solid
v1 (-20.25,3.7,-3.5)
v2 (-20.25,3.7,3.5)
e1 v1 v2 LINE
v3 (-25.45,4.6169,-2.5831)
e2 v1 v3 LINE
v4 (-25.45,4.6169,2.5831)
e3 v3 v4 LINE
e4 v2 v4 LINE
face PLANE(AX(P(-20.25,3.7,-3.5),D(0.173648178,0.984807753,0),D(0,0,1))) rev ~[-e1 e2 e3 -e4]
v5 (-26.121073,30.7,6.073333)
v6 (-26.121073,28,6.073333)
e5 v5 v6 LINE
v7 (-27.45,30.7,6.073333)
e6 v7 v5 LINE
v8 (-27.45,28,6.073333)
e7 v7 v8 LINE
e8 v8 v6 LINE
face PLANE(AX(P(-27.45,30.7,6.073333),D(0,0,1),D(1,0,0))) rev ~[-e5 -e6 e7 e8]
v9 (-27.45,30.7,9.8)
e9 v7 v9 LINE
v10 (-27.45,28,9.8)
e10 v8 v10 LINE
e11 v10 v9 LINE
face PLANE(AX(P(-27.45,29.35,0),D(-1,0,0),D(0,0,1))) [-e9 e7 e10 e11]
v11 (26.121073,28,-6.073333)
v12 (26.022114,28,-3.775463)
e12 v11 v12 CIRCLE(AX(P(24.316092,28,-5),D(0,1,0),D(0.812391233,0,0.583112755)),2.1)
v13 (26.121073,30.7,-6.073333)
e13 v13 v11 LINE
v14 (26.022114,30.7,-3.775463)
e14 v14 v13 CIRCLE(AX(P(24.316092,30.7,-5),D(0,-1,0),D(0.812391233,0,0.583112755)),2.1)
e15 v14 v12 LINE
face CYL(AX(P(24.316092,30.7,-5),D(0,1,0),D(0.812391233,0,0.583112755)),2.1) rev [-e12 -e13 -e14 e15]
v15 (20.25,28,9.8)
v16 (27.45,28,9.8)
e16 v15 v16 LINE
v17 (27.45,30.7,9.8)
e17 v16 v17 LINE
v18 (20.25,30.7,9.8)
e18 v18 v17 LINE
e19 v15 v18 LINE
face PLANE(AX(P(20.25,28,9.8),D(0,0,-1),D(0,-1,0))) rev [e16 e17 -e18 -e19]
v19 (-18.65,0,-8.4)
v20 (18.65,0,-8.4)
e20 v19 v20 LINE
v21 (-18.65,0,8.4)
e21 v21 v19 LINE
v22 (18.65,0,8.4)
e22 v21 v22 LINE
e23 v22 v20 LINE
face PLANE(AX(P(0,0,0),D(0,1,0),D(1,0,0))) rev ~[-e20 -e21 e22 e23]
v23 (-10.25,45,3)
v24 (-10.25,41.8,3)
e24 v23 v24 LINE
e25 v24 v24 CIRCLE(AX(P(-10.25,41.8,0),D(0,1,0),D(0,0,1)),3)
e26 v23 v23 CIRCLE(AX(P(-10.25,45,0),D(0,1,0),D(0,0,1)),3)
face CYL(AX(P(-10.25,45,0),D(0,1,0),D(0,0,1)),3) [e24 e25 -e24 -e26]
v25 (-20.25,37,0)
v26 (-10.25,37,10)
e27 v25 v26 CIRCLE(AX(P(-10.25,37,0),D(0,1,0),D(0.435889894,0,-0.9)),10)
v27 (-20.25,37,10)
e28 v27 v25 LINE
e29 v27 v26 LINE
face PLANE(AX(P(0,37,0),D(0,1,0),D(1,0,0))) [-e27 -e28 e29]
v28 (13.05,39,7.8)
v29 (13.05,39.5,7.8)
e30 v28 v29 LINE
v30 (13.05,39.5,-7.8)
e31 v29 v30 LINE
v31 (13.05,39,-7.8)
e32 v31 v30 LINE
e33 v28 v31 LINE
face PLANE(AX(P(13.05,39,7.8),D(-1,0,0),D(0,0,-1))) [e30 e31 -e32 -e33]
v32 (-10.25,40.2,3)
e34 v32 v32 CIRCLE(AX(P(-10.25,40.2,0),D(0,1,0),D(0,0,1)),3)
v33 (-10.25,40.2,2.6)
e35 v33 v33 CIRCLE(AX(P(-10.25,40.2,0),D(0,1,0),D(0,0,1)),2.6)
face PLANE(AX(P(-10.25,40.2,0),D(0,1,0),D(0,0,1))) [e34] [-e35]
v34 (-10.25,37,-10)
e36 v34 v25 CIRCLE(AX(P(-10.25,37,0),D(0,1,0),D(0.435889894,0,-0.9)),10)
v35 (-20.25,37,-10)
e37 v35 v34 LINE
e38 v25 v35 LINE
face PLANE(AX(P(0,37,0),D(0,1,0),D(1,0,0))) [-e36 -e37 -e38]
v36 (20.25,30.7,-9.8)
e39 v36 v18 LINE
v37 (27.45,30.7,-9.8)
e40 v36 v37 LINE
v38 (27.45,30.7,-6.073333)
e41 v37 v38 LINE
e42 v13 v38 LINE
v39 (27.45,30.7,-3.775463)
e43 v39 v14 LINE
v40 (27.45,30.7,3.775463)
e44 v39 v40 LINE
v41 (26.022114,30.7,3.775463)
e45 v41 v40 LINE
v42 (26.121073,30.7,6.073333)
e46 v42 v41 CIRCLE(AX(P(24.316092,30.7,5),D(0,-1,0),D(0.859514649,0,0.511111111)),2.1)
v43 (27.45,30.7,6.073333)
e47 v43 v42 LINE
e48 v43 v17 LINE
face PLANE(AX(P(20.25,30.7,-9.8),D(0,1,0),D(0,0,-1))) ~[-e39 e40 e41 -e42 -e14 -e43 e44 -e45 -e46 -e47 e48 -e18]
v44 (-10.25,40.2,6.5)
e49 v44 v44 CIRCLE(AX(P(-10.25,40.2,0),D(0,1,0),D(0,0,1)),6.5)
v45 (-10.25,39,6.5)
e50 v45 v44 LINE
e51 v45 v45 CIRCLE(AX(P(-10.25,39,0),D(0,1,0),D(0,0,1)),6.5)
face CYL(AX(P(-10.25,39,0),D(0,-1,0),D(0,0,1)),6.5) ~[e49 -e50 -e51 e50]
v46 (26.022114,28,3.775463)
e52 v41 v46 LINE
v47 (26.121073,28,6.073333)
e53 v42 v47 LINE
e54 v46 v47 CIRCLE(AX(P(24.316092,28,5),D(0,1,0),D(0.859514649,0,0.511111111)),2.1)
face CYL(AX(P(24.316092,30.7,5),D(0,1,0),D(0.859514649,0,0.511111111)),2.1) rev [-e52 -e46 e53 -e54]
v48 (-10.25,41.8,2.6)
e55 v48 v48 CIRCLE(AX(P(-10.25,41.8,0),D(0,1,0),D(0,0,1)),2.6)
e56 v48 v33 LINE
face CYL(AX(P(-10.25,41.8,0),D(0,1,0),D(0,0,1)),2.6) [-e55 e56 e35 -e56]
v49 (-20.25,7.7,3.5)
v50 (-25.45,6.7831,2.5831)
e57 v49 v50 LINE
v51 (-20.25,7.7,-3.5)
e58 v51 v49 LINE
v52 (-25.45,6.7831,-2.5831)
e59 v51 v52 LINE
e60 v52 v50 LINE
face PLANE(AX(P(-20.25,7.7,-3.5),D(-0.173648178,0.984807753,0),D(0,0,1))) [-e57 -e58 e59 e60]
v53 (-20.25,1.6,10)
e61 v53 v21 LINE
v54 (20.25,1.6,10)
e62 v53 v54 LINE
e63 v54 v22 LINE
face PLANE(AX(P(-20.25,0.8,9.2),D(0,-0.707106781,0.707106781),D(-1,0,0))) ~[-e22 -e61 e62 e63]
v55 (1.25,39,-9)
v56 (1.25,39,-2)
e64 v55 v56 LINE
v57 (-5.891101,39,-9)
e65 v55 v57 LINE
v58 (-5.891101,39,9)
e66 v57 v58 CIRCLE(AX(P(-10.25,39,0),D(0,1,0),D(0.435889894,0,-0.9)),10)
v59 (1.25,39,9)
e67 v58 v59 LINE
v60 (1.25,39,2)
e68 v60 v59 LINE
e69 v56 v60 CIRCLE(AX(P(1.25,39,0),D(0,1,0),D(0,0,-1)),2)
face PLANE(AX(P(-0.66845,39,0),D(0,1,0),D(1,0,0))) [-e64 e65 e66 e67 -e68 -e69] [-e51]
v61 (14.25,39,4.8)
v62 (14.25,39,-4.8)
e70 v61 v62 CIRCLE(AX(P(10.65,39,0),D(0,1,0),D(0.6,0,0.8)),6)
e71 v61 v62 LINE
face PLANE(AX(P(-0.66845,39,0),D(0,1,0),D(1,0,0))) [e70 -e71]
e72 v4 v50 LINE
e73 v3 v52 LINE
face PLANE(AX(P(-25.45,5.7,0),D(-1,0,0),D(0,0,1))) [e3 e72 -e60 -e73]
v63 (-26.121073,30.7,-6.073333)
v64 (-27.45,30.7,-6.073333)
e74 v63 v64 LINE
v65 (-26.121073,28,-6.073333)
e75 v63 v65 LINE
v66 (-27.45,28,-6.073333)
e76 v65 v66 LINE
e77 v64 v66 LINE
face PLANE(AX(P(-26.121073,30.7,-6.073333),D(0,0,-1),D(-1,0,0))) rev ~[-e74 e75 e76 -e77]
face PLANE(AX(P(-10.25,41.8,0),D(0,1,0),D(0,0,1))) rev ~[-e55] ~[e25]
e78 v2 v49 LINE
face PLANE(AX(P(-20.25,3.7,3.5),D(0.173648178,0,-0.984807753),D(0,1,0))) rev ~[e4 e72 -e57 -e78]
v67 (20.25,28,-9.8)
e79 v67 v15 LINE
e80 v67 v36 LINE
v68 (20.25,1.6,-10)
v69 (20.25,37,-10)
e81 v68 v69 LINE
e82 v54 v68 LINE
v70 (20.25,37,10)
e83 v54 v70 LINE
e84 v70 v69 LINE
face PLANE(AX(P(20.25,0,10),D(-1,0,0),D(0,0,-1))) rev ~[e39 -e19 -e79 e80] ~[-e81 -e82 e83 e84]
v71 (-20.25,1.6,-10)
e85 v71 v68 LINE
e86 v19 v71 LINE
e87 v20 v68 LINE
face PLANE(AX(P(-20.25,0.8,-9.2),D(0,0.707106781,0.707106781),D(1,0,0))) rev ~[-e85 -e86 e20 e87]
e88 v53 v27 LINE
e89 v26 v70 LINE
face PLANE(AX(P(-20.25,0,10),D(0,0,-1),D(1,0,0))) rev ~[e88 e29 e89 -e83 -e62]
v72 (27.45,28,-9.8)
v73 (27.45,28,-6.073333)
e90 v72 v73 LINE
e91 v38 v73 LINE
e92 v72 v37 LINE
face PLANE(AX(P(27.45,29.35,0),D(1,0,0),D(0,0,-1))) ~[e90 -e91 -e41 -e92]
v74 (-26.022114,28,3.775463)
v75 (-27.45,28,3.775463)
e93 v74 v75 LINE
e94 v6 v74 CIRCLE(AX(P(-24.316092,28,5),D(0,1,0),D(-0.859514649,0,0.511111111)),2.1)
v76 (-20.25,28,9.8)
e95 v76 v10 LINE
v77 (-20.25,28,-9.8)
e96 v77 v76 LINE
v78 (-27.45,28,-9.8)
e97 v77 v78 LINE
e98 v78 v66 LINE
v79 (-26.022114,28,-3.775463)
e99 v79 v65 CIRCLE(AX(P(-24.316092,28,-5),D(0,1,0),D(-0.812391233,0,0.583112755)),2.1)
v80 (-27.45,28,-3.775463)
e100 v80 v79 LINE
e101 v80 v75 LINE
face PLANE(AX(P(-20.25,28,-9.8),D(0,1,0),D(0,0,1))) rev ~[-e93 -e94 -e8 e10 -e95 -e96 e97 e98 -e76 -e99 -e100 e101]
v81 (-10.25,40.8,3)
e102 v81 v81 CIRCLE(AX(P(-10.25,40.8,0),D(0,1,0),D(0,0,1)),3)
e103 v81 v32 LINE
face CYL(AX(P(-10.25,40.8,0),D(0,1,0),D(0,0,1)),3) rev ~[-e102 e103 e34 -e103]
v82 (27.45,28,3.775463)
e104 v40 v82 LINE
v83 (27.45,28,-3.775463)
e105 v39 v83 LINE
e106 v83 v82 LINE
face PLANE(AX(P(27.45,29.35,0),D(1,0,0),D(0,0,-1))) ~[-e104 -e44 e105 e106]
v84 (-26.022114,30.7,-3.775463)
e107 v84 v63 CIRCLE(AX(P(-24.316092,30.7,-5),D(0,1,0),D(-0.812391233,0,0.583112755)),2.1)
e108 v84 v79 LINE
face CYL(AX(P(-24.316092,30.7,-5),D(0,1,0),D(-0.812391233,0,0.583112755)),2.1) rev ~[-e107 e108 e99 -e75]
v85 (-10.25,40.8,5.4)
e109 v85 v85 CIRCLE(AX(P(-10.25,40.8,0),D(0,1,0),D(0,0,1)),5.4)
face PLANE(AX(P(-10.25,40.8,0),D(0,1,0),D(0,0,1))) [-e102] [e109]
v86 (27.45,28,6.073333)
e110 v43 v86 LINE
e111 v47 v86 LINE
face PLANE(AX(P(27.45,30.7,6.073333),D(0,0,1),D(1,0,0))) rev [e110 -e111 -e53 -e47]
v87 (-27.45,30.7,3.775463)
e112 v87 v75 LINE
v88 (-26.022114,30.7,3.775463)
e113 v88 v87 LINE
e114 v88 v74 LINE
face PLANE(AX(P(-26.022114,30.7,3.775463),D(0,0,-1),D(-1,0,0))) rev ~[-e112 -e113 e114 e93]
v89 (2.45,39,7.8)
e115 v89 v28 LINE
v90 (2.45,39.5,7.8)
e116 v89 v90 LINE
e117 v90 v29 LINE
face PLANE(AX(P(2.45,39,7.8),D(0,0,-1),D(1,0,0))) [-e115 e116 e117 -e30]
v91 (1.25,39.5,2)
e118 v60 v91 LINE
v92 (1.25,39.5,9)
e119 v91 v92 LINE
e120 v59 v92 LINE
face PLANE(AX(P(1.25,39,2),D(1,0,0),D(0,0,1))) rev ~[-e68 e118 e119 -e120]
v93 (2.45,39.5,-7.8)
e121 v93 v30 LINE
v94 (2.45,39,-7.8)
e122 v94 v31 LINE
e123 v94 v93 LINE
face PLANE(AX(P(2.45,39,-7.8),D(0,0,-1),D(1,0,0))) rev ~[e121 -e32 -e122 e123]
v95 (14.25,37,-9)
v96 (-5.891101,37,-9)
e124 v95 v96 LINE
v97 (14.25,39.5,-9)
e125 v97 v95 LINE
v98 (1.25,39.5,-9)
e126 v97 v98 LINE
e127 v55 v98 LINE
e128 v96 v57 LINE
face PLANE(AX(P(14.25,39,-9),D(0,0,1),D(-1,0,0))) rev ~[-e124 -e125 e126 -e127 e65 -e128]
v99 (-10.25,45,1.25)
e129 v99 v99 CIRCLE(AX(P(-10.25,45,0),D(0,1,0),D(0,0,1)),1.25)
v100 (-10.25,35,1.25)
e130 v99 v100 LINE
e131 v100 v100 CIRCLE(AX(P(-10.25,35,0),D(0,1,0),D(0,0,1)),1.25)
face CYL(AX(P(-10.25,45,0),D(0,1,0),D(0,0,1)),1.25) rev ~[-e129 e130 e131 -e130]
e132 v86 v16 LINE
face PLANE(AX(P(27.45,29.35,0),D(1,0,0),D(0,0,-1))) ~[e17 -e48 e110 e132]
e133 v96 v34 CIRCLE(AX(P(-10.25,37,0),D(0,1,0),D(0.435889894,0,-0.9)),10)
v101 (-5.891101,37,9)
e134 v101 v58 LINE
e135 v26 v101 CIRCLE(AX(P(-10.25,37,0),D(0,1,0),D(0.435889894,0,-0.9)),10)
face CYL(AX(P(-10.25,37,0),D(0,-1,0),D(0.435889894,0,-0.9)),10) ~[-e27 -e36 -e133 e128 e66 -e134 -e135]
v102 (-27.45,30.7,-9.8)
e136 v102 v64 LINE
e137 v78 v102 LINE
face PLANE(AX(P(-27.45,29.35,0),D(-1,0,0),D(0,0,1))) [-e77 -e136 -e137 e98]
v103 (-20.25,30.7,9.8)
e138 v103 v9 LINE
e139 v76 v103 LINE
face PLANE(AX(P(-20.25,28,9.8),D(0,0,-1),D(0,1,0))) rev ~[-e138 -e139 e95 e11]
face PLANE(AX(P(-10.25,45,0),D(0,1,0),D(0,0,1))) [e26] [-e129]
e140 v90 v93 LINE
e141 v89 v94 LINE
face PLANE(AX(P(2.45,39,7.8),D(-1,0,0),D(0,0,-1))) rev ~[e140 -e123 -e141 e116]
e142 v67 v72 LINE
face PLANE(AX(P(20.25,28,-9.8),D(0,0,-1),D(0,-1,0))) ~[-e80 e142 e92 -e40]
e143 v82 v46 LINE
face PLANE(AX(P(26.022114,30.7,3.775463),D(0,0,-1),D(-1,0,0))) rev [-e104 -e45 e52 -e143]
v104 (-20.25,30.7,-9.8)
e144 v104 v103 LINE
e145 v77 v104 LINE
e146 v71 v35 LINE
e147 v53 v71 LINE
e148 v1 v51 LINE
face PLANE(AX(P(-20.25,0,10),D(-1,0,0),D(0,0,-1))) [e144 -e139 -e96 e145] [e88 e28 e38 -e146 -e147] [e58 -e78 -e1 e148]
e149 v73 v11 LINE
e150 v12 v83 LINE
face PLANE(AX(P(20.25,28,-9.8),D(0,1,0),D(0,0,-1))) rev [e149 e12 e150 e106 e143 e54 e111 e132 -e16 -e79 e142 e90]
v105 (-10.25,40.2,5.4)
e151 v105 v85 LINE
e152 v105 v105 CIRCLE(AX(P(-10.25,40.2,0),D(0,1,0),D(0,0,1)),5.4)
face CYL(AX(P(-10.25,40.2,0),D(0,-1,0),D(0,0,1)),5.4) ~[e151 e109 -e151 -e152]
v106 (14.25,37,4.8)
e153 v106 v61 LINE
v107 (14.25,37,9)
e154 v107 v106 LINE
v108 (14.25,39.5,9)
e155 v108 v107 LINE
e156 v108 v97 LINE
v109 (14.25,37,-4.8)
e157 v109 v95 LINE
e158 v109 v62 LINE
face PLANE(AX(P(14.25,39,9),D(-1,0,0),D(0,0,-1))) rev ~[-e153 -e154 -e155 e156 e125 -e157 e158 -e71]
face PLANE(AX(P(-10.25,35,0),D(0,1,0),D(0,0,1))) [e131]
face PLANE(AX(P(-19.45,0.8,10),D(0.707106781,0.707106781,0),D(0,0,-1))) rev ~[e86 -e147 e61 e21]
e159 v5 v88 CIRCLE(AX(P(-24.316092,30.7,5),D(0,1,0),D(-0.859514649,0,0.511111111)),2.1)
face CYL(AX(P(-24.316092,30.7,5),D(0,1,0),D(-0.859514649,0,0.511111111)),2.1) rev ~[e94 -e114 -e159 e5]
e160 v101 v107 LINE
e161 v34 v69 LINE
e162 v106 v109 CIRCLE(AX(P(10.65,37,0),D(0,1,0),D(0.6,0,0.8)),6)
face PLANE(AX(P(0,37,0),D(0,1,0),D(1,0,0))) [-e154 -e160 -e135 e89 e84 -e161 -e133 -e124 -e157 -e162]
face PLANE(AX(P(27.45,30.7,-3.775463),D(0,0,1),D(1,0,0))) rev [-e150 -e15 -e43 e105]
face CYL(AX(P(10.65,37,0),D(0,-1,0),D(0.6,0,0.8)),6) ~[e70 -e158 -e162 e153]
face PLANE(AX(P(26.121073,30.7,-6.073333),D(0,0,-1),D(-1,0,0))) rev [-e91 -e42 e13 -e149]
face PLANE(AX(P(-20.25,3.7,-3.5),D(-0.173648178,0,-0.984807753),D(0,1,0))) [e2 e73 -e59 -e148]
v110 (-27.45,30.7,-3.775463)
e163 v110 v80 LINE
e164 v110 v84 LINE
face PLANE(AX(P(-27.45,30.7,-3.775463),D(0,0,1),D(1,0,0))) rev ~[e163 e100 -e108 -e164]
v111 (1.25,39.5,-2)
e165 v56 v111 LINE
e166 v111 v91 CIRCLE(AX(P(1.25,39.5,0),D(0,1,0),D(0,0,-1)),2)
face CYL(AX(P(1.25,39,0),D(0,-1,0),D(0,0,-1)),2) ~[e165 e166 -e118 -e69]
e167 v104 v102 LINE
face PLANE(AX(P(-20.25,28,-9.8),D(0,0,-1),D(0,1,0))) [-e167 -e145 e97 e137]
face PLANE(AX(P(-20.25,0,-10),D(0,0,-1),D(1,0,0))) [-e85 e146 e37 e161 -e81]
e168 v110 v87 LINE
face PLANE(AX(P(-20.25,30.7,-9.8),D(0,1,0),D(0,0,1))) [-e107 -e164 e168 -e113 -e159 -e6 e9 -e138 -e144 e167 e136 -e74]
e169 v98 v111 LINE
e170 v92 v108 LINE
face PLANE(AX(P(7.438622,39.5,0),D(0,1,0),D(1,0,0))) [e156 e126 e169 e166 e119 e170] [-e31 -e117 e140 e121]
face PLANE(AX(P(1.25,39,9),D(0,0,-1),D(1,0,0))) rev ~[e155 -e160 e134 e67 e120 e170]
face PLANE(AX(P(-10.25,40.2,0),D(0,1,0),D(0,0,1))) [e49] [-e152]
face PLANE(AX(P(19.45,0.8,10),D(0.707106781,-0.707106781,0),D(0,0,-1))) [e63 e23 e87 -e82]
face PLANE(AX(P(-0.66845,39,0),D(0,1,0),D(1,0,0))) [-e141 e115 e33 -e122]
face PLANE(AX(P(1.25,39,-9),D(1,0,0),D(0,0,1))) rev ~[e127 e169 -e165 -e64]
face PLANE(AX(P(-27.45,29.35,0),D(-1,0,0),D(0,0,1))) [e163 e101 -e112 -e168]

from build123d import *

# Parameters (mm, degrees)
SKETCH1_W           = 40.5
SKETCH1_H           = 20
BOSS_EXTRUDE1_DEPTH = 37
SKETCH2_W           = 19.6
SKETCH2_H           = 2.7
BOSS_EXTRUDE2_DEPTH = 7.2
CUT_EXTRUDE1_DEPTH  = 43.379151714
BOSS_EXTRUDE3_DEPTH = 2
SKETCH6_R           = 6.5
BOSS_EXTRUDE4_DEPTH = 1.2
SKETCH7_R           = 5.4
BOSS_EXTRUDE5_DEPTH = 0.6
SKETCH8_R           = 3
SKETCH8_R_2         = 2.6
CUT_EXTRUDE2_DEPTH  = 0.6
BOSS_EXTRUDE6_START = 1
SKETCH9_R           = 2.6
BOSS_EXTRUDE6_DEPTH = 1
BOSS_EXTRUDE7_START = 3.2
SKETCH10_R          = 3
BOSS_EXTRUDE7_DEPTH = 3.2
SKETCH11_R          = 1.25
CUT_EXTRUDE3_DEPTH  = 10
SKETCH12_W          = 10.6
SKETCH12_H          = 15.6
BOSS_EXTRUDE8_DEPTH = 0.5
CHAMFER1_SIZE       = 1.6
SKETCH13_W          = 7
SKETCH13_H          = 4
BOSS_EXTRUDE9_DEPTH = 5.2
DRAFT1_ANGLE        = 10


with BuildPart() as part:
    # Sketch1 → Boss-Extrude1 (new body)
    with BuildSketch(Plane(origin=(0, 0, 0), x_dir=(1, 0, 0), z_dir=(0, 1, 0))):
        Rectangle(SKETCH1_W, SKETCH1_H)
    extrude(amount=BOSS_EXTRUDE1_DEPTH)

    # Sketch2 → Boss-Extrude2 (add)
    with BuildSketch(Plane.ZY.offset(20.25)):
        with Locations((0, 29.35)):
            Rectangle(SKETCH2_W, SKETCH2_H)
    boss_extrude2 = extrude(amount=BOSS_EXTRUDE2_DEPTH)

    # Sketch3 → Cut-Extrude1 (cut, through all)
    with BuildSketch(Plane(origin=(0, 30.7, 0), x_dir=(1, 0, 0), z_dir=(0, 1, 0))):
        with BuildLine():
            Line((-27.45, -3.775463215), (-27.45, -6.073333333))
            Line((-27.45, -6.073333333), (-26.121072803, -6.073333333))
            ThreePointArc((-26.121072803, -6.073333333), (-22.218036714, -5.090354029), (-26.022113628, -3.775463215))
            Line((-26.022113628, -3.775463215), (-27.45, -3.775463215))
        make_face()
        with BuildLine():
            Line((-26.121072803, 6.073333333), (-27.45, 6.073333333))
            Line((-27.45, 6.073333333), (-27.45, 3.775463215))
            Line((-27.45, 3.775463215), (-26.022113628, 3.775463215))
            ThreePointArc((-26.022113628, 3.775463215), (-22.218036714, 5.090354029), (-26.121072803, 6.073333333))
        make_face()
    cut_extrude1 = extrude(amount=-CUT_EXTRUDE1_DEPTH, mode=Mode.SUBTRACT)

    # Mirror2: Boss-Extrude2, Cut-Extrude1 across plane
    add(boss_extrude2.mirror(Plane(origin=(0, 0, 0), x_dir=(0, 0, 1), z_dir=(1, 0, 0))))
    add(cut_extrude1.mirror(Plane(origin=(0, 0, 0), x_dir=(0, 0, 1), z_dir=(1, 0, 0))), mode=Mode.SUBTRACT)

    # Sketch5 → Boss-Extrude3 (add)
    with BuildSketch(Plane(origin=(0, 37, 0), x_dir=(1, 0, 0), z_dir=(0, 1, 0))):
        with BuildLine():
            Line((-5.891101056, -9), (14.25, -9))
            Line((14.25, -9), (14.25, -4.8))
            ThreePointArc((14.25, -4.8), (16.65, 0), (14.25, 4.8))
            Line((14.25, 4.8), (14.25, 9))
            Line((14.25, 9), (-5.891101056, 9))
            ThreePointArc((-5.891101056, 9), (-20.25, 0), (-5.891101056, -9))
        make_face()
    extrude(amount=BOSS_EXTRUDE3_DEPTH)

    # Sketch6 → Boss-Extrude4 (add)
    with BuildSketch(Plane(origin=(0, 39, 0), x_dir=(1, 0, 0), z_dir=(0, 1, 0))):
        with Locations(Location((-10.25, 0, 0), (0, 0, 270))):
            Circle(SKETCH6_R)
    extrude(amount=BOSS_EXTRUDE4_DEPTH)

    # Sketch7 → Boss-Extrude5 (add)
    with BuildSketch(Plane(origin=(0, 40.2, 0), x_dir=(1, 0, 0), z_dir=(0, 1, 0))):
        with Locations(Location((-10.25, 0, 0), (0, 0, 270))):
            Circle(SKETCH7_R)
    extrude(amount=BOSS_EXTRUDE5_DEPTH)

    # Sketch8 → Cut-Extrude2 (cut)
    with BuildSketch(Plane(origin=(0, 40.8, 0), x_dir=(1, 0, 0), z_dir=(0, 1, 0))):
        with Locations(Location((-10.25, 0, 0), (0, 0, 270))):
            Circle(SKETCH8_R)
        with Locations(Location((-10.25, 0, 0), (0, 0, 270))):
            Circle(SKETCH8_R_2, mode=Mode.SUBTRACT)
    extrude(amount=-CUT_EXTRUDE2_DEPTH, mode=Mode.SUBTRACT)

    # Sketch9 → Boss-Extrude6 (add)
    with BuildSketch(Plane(origin=(0, 40.8, 0), x_dir=(1, 0, 0), z_dir=(0, 1, 0)).offset(BOSS_EXTRUDE6_START)):
        with Locations(Location((-10.25, 0, 0), (0, 0, 270))):
            Circle(SKETCH9_R)
    extrude(amount=-BOSS_EXTRUDE6_DEPTH)

    # Sketch10 → Boss-Extrude7 (add)
    with BuildSketch(Plane(origin=(0, 41.8, 0), x_dir=(1, 0, 0), z_dir=(0, 1, 0)).offset(BOSS_EXTRUDE7_START)):
        with Locations(Location((-10.25, 0, 0), (0, 0, 270))):
            Circle(SKETCH10_R)
    extrude(amount=-BOSS_EXTRUDE7_DEPTH)

    # Sketch11 → Cut-Extrude3 (cut)
    with BuildSketch(Plane(origin=(0, 45, 0), x_dir=(1, 0, 0), z_dir=(0, 1, 0))):
        with Locations(Location((-10.25, 0, 0), (0, 0, 270))):
            Circle(SKETCH11_R)
    extrude(amount=-CUT_EXTRUDE3_DEPTH, mode=Mode.SUBTRACT)

    # Sketch12 → Boss-Extrude8 (add)
    with BuildSketch(Plane(origin=(0, 39, 0), x_dir=(1, 0, 0), z_dir=(0, 1, 0))):
        with BuildLine():
            Line((14.25, 9), (1.25, 9))
            Line((1.25, 9), (1.25, 2))
            ThreePointArc((1.25, 2), (-0.75, 0), (1.25, -2))
            Line((1.25, -2), (1.25, -9))
            Line((1.25, -9), (14.25, -9))
            Line((14.25, -9), (14.25, 9))
        make_face()
        with Locations((7.75, 0)):
            Rectangle(SKETCH12_W, SKETCH12_H, mode=Mode.SUBTRACT)
    extrude(amount=BOSS_EXTRUDE8_DEPTH)

    # Chamfer1
    chamfer1_edges = [part.edges().sort_by_distance(p)[0] for p in [
        (0, 0, 10),
        (20.25, 0, 0),
        (0, 0, -10),
        (-20.25, 0, 0),
    ]]
    chamfer(chamfer1_edges, length=CHAMFER1_SIZE)

    # Sketch13 → Boss-Extrude9 (add)
    with BuildSketch(Plane.ZY.offset(20.25)):
        with Locations((0, 5.7)):
            Rectangle(SKETCH13_W, SKETCH13_H)
    extrude(amount=BOSS_EXTRUDE9_DEPTH)

    # Draft1
    draft1_faces = [part.faces().sort_by_distance(p)[0] for p in [
        (-22.85, 7.7, 0),
        (-22.85, 5.7, 3.5),
        (-22.85, 5.7, -3.5),
        (-22.85, 3.7, 0),
    ]]
    draft(draft1_faces, Plane(origin=(-20.25, 37, 10), x_dir=(0, 0, -1), z_dir=(-1, 0, 0)), DRAFT1_ANGLE)


solid = part.part
